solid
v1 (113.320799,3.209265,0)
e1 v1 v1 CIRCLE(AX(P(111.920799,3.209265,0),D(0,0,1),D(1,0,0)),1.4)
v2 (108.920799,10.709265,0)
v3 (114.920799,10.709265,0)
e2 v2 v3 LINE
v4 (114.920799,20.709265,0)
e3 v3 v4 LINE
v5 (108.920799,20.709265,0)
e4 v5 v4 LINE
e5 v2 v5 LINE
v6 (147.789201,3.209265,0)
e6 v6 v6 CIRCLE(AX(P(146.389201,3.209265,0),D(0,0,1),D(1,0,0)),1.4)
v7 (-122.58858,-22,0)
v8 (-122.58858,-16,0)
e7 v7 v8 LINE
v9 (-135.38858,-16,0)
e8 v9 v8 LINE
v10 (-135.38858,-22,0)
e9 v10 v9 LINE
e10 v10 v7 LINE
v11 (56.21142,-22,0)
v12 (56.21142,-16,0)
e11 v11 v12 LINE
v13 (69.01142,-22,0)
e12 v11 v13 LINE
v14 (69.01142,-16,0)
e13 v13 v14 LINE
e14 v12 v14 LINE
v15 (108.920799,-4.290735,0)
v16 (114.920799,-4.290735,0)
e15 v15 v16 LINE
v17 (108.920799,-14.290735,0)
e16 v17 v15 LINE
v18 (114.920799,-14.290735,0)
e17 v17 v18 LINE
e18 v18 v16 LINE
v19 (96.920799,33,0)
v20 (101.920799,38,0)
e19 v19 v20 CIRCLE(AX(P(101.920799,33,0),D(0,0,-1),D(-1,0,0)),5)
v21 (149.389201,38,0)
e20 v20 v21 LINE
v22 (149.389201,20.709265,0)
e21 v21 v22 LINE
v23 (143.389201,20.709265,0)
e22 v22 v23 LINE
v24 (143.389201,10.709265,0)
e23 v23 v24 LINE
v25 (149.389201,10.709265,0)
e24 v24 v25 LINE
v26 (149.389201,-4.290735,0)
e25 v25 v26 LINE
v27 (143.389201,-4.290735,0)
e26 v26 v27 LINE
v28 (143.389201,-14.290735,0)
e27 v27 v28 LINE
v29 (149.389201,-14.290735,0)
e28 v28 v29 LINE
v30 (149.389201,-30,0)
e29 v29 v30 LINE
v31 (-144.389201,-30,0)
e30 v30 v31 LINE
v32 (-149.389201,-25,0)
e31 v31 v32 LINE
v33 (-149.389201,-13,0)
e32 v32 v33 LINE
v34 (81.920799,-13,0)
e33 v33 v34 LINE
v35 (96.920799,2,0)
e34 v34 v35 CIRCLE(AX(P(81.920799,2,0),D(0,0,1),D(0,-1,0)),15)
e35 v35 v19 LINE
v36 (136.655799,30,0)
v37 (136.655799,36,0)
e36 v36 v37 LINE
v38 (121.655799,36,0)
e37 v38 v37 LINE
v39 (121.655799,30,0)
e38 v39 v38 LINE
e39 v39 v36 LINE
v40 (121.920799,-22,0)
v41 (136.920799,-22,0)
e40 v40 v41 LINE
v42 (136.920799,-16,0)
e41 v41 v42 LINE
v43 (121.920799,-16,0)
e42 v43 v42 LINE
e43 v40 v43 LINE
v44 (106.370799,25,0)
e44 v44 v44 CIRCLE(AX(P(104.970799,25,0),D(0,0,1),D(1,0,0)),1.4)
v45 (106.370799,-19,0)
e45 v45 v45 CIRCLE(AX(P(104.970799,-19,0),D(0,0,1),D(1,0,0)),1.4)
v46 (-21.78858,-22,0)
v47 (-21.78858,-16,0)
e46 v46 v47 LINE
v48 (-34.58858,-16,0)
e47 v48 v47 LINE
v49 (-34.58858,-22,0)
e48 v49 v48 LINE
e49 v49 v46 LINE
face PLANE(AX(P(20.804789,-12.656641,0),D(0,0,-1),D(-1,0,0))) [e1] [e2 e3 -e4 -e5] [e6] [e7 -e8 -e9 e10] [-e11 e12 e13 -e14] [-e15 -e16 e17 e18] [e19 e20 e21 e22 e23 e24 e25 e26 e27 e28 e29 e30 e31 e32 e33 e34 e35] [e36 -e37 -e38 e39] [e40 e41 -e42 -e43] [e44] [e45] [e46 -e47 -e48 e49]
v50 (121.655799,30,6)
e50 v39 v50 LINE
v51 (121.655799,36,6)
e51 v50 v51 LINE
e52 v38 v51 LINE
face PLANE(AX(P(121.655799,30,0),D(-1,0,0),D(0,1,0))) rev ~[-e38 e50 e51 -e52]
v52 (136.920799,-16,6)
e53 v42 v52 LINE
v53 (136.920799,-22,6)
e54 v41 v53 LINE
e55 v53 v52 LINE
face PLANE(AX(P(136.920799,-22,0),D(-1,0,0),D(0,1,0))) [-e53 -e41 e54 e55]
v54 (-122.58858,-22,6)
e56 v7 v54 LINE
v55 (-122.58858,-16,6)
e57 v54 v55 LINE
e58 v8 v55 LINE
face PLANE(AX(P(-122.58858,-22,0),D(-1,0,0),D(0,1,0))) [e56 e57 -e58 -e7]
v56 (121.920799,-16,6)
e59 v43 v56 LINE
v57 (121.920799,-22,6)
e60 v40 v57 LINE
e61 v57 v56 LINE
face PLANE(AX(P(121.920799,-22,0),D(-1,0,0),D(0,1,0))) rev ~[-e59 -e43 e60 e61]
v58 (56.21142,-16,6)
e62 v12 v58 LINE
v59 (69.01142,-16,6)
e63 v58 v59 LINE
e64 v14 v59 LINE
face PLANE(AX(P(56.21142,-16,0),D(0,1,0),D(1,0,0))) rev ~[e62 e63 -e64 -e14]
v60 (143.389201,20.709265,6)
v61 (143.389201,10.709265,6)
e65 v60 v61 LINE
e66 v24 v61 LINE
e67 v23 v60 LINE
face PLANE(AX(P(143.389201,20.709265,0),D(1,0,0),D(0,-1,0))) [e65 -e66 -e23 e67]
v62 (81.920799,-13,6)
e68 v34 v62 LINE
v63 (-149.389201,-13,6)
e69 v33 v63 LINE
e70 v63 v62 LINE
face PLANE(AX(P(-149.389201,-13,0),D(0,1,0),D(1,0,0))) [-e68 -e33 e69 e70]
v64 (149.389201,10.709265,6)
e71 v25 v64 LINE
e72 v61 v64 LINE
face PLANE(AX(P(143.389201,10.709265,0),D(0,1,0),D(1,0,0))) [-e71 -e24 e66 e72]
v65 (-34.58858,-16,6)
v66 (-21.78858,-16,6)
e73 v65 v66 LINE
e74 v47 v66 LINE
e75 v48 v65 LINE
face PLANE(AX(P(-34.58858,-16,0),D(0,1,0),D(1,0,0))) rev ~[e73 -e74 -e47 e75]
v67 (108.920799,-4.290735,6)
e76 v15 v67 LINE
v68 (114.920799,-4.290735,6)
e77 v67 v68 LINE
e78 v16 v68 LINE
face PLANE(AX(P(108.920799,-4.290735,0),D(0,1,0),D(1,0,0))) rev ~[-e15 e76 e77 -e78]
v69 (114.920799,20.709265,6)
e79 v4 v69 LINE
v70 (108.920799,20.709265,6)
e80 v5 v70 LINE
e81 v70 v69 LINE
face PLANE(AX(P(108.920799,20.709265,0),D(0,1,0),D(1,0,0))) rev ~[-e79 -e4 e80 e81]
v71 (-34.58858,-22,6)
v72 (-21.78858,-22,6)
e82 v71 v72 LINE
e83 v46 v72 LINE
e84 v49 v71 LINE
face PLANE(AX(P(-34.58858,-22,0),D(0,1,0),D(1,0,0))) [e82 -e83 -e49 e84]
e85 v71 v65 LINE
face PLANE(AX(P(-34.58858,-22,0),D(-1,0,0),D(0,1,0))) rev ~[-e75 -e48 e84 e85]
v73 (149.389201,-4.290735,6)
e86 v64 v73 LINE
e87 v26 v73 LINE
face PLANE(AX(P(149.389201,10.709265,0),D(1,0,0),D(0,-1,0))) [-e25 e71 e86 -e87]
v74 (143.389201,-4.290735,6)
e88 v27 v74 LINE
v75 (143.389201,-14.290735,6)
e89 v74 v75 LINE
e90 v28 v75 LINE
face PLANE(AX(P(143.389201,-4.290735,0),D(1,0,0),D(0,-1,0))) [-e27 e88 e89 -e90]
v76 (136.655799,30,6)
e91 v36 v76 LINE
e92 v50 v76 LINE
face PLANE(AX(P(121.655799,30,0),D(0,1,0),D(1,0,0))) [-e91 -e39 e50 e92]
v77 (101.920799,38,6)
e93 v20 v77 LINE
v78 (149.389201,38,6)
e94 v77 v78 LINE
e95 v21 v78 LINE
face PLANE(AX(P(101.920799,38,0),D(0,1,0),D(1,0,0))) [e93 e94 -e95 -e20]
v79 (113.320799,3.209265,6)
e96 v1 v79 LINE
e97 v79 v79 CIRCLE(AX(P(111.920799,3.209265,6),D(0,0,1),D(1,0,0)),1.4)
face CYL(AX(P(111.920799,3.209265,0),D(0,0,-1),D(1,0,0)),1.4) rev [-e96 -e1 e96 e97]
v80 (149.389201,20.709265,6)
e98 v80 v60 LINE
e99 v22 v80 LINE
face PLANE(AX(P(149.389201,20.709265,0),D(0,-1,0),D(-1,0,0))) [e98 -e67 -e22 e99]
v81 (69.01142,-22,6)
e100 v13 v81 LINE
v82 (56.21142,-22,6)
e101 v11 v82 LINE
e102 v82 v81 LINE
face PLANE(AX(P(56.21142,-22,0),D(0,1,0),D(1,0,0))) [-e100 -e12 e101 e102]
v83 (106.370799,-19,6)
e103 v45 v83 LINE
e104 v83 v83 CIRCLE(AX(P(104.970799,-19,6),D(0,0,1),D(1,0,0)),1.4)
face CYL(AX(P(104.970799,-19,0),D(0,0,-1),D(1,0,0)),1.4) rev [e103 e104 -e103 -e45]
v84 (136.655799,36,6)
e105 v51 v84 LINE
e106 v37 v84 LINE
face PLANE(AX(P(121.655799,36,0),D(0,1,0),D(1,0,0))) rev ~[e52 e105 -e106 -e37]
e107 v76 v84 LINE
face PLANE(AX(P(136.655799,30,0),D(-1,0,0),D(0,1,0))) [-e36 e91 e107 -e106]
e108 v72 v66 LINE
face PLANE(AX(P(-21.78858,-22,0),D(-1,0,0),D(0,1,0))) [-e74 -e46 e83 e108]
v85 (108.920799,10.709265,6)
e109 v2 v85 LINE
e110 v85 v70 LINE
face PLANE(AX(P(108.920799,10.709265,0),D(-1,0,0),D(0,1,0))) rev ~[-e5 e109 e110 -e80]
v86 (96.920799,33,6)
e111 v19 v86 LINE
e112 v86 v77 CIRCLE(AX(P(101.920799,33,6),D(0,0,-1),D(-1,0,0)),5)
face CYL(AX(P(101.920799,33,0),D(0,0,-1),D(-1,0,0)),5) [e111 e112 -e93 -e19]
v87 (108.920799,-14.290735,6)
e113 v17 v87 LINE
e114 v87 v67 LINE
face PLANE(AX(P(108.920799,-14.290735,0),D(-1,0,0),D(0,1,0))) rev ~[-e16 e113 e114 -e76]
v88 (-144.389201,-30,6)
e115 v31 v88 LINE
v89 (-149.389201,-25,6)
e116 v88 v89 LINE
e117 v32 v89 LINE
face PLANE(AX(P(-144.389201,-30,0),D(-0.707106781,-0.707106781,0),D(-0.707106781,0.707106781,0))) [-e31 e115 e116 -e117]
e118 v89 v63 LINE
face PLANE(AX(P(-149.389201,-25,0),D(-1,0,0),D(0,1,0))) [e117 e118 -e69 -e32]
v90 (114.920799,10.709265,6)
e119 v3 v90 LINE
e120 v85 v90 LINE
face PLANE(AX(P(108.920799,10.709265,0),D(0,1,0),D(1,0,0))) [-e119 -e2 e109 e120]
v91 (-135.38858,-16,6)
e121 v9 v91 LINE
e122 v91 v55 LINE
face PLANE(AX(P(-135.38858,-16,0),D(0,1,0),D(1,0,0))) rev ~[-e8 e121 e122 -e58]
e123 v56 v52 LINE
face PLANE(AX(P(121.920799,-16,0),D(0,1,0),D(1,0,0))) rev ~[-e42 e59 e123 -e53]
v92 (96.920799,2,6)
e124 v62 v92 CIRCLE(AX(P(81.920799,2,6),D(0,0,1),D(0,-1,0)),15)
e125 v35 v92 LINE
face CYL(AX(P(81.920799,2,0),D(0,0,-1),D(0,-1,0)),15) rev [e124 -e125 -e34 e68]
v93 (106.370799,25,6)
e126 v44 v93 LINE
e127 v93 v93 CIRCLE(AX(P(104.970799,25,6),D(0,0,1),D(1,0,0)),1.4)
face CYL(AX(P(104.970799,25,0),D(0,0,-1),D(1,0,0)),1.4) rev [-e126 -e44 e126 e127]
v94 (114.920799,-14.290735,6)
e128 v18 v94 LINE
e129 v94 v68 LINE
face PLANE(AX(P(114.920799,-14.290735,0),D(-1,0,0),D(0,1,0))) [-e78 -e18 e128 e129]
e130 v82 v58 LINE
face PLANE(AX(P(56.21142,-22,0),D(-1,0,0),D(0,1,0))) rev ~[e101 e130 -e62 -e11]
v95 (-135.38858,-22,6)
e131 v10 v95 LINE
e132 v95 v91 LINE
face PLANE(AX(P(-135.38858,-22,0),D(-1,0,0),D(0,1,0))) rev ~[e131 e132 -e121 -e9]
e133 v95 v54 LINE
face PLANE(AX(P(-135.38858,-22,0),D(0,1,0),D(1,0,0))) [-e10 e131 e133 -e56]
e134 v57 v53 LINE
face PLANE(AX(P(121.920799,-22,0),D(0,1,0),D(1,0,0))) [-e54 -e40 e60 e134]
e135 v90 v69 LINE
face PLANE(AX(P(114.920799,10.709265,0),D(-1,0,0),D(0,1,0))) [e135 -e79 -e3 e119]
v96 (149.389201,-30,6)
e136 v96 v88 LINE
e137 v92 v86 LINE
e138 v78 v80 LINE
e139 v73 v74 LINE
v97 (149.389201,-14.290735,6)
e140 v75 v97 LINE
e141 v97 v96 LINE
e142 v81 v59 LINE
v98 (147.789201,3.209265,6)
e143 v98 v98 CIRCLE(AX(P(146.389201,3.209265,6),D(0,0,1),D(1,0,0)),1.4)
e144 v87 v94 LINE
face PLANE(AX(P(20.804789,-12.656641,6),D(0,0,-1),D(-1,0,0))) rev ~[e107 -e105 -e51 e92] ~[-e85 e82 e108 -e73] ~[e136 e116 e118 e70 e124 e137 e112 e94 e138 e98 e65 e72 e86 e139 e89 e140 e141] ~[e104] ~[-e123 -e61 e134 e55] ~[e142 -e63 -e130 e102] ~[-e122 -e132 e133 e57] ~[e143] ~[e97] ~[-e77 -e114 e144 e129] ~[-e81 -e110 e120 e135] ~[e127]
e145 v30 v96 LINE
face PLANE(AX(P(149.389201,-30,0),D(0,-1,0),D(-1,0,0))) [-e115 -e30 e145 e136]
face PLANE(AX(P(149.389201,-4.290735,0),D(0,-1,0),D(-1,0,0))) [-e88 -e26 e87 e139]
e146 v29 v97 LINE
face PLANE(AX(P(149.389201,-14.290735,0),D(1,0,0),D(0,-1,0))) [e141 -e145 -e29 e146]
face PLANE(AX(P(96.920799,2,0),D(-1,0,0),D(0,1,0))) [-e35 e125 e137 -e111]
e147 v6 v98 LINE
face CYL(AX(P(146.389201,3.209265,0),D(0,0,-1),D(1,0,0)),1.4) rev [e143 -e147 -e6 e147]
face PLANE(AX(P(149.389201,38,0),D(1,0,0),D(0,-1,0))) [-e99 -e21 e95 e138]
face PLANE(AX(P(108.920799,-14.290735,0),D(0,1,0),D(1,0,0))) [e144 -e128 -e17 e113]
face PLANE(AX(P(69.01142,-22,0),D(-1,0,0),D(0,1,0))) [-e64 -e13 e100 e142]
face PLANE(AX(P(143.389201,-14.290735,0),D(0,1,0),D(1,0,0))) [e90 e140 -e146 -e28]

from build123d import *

# Parameters (mm, degrees)
SKETCH_1_R      = 1.4
SKETCH_1_W      = 12.8
SKETCH_1_H      = 6
SKETCH_1_W_2    = 15
SKETCH_1_W_3    = 6
SKETCH_1_H_2    = 10
EXTRUDE_1_DEPTH = 6


with BuildPart() as part:
    # Эскиз1 → Бобышка-Вытянуть1 (new body)
    with BuildSketch(Plane.XY):
        with BuildLine():
            Line((96.920798757, 2), (96.920798757, 25))
            Line((96.920798757, 25), (96.920798757, 33))
            ThreePointArc((96.920798757, 33), (98.385264851, 36.535533906), (101.920798757, 38))
            Line((101.920798757, 38), (149.389201243, 38))
            Line((149.389201243, 38), (149.389201243, 30))
            Line((149.389201243, 30), (149.389201243, 20.709265489))
            Line((149.389201243, 20.709265489), (143.389201243, 20.709265489))
            Line((143.389201243, 20.709265489), (143.389201243, 10.709265489))
            Line((143.389201243, 10.709265489), (149.389201243, 10.709265489))
            Line((149.389201243, 10.709265489), (149.389201243, -4.290734511))
            Line((149.389201243, -4.290734511), (143.389201243, -4.290734511))
            Line((143.389201243, -4.290734511), (143.389201243, -14.290734511))
            Line((143.389201243, -14.290734511), (149.389201243, -14.290734511))
            Line((149.389201243, -14.290734511), (149.389201243, -30))
            Line((149.389201243, -30), (-144.389201243, -30))
            Line((-144.389201243, -30), (-149.389201243, -25))
            Line((-149.389201243, -25), (-149.389201243, -13))
            Line((-149.389201243, -13), (81.920798757, -13))
            ThreePointArc((81.920798757, -13), (92.527400475, -8.606601718), (96.920798757, 2))
        make_face()
        with Locations((104.970798757, -19)):
            Circle(SKETCH_1_R, mode=Mode.SUBTRACT)
        with Locations((104.970798757, 25)):
            Circle(SKETCH_1_R, mode=Mode.SUBTRACT)
        with Locations((111.920798757, 3.209265489)):
            Circle(SKETCH_1_R, mode=Mode.SUBTRACT)
        with Locations((146.389201243, 3.209265489)):
            Circle(SKETCH_1_R, mode=Mode.SUBTRACT)
        with Locations((-128.98858016, -19)):
            Rectangle(SKETCH_1_W, SKETCH_1_H, mode=Mode.SUBTRACT)
        with Locations((-28.18858016, -19)):
            Rectangle(SKETCH_1_W, SKETCH_1_H, mode=Mode.SUBTRACT)
        with Locations((62.61141984, -19)):
            Rectangle(SKETCH_1_W, SKETCH_1_H, mode=Mode.SUBTRACT)
        with Locations((129.420798757, -19)):
            Rectangle(SKETCH_1_W_2, SKETCH_1_H, mode=Mode.SUBTRACT)
        with Locations((111.920798757, 15.709265489)):
            Rectangle(SKETCH_1_W_3, SKETCH_1_H_2, mode=Mode.SUBTRACT)
        with Locations((111.920798757, -9.290734511)):
            Rectangle(SKETCH_1_W_3, SKETCH_1_H_2, mode=Mode.SUBTRACT)
        with Locations((129.155798757, 33)):
            Rectangle(SKETCH_1_W_2, SKETCH_1_H, mode=Mode.SUBTRACT)
    extrude(amount=EXTRUDE_1_DEPTH)


solid = part.part
